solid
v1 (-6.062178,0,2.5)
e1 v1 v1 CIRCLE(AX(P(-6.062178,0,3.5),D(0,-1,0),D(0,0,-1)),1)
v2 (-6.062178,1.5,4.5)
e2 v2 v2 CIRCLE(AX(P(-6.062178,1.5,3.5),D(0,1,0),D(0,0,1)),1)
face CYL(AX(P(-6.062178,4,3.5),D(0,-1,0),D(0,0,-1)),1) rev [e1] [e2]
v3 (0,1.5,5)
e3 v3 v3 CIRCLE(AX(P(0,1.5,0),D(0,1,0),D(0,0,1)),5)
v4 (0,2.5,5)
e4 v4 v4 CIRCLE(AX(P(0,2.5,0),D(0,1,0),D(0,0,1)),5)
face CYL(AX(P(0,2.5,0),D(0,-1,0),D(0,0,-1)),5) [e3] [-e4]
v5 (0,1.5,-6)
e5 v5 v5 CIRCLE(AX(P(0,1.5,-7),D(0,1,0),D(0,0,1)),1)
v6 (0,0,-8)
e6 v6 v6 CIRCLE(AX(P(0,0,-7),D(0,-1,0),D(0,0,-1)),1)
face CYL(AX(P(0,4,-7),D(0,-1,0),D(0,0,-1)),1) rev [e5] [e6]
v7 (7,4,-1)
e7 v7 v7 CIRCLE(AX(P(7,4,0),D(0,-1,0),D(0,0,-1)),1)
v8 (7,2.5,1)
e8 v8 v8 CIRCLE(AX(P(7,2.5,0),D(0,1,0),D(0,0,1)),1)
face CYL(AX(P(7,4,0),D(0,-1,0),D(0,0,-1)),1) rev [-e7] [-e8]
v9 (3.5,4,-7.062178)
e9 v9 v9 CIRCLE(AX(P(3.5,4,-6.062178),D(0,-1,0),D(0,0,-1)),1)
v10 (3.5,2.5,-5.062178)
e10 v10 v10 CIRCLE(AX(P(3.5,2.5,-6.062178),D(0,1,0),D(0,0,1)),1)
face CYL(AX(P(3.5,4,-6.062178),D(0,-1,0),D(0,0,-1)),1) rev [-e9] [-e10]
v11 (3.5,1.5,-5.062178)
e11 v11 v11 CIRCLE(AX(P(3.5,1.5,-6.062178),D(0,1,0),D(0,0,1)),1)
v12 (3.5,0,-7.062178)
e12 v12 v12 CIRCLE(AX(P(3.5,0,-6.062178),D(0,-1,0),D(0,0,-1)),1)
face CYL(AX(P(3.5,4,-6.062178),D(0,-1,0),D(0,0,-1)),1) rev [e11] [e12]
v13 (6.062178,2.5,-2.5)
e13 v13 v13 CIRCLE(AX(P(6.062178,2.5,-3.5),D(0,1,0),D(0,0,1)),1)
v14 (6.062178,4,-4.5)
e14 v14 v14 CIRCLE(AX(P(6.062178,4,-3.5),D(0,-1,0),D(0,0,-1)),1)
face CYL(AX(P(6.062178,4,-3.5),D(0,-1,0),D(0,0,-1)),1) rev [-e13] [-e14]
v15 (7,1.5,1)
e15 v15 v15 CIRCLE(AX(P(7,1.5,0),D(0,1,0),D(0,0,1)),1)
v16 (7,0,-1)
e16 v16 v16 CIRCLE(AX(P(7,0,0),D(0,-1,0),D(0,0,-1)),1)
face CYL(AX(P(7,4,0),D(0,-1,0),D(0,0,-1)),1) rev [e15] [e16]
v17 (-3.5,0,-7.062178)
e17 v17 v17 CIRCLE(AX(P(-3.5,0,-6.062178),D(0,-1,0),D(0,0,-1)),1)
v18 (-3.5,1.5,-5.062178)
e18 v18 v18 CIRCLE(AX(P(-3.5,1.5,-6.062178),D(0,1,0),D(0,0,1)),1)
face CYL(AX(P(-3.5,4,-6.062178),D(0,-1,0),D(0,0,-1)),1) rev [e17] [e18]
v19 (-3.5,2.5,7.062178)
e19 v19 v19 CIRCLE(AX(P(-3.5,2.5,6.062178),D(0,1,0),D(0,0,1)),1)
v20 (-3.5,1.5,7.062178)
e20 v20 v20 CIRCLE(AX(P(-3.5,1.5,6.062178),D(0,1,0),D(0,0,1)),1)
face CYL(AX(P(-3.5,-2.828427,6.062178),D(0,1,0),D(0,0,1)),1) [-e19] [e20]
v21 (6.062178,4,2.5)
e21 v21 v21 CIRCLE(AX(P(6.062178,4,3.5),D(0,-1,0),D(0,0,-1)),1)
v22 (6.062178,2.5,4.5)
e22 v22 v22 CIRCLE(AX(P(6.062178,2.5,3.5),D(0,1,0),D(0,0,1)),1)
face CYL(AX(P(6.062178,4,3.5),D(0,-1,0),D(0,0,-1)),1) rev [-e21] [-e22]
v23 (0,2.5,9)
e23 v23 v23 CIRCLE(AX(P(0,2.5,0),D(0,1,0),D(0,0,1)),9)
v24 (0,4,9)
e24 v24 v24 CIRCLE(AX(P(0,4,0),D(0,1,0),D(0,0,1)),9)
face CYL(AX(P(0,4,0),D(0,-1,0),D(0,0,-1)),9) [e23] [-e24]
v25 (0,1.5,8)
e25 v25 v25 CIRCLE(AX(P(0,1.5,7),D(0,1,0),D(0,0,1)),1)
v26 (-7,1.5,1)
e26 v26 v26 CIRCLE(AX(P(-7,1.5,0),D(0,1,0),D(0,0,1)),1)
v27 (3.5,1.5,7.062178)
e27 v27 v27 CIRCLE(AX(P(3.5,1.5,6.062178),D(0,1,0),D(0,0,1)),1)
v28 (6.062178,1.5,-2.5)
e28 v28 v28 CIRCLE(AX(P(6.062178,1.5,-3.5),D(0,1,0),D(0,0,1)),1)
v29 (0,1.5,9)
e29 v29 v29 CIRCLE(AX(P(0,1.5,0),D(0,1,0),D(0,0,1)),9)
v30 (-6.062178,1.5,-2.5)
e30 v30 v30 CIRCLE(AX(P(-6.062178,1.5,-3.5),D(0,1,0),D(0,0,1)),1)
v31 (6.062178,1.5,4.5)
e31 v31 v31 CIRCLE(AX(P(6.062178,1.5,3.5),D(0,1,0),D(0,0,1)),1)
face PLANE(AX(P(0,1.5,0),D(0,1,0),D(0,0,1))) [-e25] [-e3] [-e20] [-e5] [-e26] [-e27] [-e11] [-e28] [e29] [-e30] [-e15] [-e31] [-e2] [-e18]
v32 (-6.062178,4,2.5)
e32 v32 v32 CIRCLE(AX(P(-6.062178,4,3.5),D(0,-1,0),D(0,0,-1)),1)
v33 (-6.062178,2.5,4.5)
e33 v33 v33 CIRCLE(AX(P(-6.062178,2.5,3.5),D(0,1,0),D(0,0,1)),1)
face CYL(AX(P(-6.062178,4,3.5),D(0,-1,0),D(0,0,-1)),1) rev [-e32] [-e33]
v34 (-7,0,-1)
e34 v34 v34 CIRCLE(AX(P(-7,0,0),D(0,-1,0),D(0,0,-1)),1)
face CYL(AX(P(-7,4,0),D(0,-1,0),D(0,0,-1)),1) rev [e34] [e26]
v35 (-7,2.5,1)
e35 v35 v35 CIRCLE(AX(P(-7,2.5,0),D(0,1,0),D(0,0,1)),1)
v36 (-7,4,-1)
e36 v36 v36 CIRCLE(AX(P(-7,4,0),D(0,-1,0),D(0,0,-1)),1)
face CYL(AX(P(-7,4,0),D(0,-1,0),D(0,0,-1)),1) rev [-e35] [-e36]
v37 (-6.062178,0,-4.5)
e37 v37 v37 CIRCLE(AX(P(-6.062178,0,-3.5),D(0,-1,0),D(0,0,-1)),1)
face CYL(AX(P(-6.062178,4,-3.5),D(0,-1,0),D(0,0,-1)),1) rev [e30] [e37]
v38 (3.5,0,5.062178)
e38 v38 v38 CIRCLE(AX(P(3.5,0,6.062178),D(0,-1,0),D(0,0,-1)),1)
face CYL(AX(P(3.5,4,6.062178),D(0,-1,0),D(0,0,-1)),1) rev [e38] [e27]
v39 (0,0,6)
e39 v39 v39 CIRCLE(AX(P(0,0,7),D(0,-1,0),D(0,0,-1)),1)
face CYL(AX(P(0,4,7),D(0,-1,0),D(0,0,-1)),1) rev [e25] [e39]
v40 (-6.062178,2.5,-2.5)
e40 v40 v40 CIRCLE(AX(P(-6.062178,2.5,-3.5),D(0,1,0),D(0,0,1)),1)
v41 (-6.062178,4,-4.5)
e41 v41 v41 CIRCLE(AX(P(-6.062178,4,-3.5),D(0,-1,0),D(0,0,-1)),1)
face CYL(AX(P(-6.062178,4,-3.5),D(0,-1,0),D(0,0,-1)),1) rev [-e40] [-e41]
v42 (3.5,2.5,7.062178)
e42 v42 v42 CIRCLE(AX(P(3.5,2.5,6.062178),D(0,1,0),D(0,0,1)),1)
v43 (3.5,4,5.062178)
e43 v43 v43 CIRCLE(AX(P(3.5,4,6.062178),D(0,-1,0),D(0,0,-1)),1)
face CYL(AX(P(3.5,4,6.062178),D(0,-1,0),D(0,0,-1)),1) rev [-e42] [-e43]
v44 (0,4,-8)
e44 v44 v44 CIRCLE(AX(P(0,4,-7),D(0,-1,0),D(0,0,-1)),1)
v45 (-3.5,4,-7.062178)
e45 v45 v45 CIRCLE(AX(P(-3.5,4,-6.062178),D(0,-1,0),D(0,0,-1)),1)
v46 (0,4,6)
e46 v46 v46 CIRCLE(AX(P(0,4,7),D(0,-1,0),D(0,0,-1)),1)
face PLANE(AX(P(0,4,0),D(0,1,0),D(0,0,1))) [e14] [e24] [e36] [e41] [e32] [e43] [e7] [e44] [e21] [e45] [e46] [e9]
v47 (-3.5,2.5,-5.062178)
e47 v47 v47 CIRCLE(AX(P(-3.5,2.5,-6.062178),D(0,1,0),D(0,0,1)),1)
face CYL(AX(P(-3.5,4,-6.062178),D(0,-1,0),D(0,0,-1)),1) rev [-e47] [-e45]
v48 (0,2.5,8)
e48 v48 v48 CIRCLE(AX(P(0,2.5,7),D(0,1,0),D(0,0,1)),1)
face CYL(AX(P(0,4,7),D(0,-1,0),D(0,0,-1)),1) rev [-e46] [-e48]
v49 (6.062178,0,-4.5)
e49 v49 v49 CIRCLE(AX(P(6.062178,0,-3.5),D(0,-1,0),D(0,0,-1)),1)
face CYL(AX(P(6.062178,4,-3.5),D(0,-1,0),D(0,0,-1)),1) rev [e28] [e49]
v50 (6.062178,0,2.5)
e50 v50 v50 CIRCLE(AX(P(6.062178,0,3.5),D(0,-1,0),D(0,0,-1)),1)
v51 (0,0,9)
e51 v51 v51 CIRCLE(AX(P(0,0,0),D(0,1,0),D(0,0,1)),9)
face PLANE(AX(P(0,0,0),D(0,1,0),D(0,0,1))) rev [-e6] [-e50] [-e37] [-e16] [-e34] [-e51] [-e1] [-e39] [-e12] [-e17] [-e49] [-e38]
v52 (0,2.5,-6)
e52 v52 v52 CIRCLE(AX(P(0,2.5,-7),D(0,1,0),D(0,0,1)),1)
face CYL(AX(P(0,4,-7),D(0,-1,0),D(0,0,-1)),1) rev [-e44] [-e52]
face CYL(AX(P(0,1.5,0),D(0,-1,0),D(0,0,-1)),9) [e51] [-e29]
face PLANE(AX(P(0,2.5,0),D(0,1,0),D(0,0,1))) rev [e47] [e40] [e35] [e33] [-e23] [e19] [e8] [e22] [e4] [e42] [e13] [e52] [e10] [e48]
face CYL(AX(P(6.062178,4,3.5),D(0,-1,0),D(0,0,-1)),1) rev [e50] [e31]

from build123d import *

# Parameters (mm, degrees)
SKETCH1_R           = 9
BOSS_EXTRUDE1_DEPTH = 1.5
SKETCH2_R           = 5
BOSS_EXTRUDE2_DEPTH = 1
SKETCH3_R           = 9
BOSS_EXTRUDE3_DEPTH = 1.5
SKETCH4_R           = 1
CUT_EXTRUDE1_DEPTH  = 14.341664064
BOSS_EXTRUDE4_START = -4
SKETCH6_R           = 1
BOSS_EXTRUDE4_DEPTH = 4


with BuildPart() as part:
    # Sketch1 → Boss-Extrude1 (new body)
    with BuildSketch(Plane(origin=(0, 0, 0), x_dir=(1, 0, 0), z_dir=(0, 1, 0))):
        with Locations(Location((0, 0, 0), (0, 0, 270))):
            Circle(SKETCH1_R)
    extrude(amount=BOSS_EXTRUDE1_DEPTH)

    # Sketch2 → Boss-Extrude2 (add)
    with BuildSketch(Plane(origin=(0, 1.5, 0), x_dir=(1, 0, 0), z_dir=(0, 1, 0))):
        with Locations(Location((0, 0, 0), (0, 0, 270))):
            Circle(SKETCH2_R)
    extrude(amount=BOSS_EXTRUDE2_DEPTH)

    # Sketch3 → Boss-Extrude3 (add)
    with BuildSketch(Plane(origin=(0, 2.5, 0), x_dir=(1, 0, 0), z_dir=(0, 1, 0))):
        with Locations(Location((0, 0, 0), (0, 0, 270))):
            Circle(SKETCH3_R)
    extrude(amount=BOSS_EXTRUDE3_DEPTH)

    # Sketch4 → Cut-Extrude1 (cut, through all)
    with BuildSketch(Plane.XZ):
        with Locations(Location((0, 7, 0), (0, 0, 270))):
            Circle(SKETCH4_R)
        with Locations(Location((3.5, 6.062177826, 0), (0, 0, 270))):
            Circle(SKETCH4_R)
        with Locations(Location((6.062177826, 3.5, 0), (0, 0, 270))):
            Circle(SKETCH4_R)
        with Locations(Location((7, 0, 0), (0, 0, 270))):
            Circle(SKETCH4_R)
        with Locations(Location((6.062177826, -3.5, 0), (0, 0, 270))):
            Circle(SKETCH4_R)
        with Locations(Location((3.5, -6.062177826, 0), (0, 0, 270))):
            Circle(SKETCH4_R)
        with Locations(Location((0, -7, 0), (0, 0, 270))):
            Circle(SKETCH4_R)
        with Locations(Location((-3.5, -6.062177826, 0), (0, 0, 270))):
            Circle(SKETCH4_R)
        with Locations(Location((-6.062177826, -3.5, 0), (0, 0, 270))):
            Circle(SKETCH4_R)
        with Locations(Location((-7, 0, 0), (0, 0, 270))):
            Circle(SKETCH4_R)
        with Locations(Location((-6.062177826, 3.5, 0), (0, 0, 270))):
            Circle(SKETCH4_R)
        with Locations(Location((-3.5, 6.062177826, 0), (0, 0, 270))):
            Circle(SKETCH4_R)
    extrude(amount=-CUT_EXTRUDE1_DEPTH, mode=Mode.SUBTRACT)

    # Sketch6 → Boss-Extrude4 (add)
    with BuildSketch(Plane(origin=(0, 4, 0), x_dir=(1, 0, 0), z_dir=(0, 1, 0)).offset(BOSS_EXTRUDE4_START)):
        with Locations(Location((-3.5, -6.062177826, 0), (0, 0, 270))):
            Circle(SKETCH6_R)
    extrude(amount=BOSS_EXTRUDE4_DEPTH)


solid = part.part
